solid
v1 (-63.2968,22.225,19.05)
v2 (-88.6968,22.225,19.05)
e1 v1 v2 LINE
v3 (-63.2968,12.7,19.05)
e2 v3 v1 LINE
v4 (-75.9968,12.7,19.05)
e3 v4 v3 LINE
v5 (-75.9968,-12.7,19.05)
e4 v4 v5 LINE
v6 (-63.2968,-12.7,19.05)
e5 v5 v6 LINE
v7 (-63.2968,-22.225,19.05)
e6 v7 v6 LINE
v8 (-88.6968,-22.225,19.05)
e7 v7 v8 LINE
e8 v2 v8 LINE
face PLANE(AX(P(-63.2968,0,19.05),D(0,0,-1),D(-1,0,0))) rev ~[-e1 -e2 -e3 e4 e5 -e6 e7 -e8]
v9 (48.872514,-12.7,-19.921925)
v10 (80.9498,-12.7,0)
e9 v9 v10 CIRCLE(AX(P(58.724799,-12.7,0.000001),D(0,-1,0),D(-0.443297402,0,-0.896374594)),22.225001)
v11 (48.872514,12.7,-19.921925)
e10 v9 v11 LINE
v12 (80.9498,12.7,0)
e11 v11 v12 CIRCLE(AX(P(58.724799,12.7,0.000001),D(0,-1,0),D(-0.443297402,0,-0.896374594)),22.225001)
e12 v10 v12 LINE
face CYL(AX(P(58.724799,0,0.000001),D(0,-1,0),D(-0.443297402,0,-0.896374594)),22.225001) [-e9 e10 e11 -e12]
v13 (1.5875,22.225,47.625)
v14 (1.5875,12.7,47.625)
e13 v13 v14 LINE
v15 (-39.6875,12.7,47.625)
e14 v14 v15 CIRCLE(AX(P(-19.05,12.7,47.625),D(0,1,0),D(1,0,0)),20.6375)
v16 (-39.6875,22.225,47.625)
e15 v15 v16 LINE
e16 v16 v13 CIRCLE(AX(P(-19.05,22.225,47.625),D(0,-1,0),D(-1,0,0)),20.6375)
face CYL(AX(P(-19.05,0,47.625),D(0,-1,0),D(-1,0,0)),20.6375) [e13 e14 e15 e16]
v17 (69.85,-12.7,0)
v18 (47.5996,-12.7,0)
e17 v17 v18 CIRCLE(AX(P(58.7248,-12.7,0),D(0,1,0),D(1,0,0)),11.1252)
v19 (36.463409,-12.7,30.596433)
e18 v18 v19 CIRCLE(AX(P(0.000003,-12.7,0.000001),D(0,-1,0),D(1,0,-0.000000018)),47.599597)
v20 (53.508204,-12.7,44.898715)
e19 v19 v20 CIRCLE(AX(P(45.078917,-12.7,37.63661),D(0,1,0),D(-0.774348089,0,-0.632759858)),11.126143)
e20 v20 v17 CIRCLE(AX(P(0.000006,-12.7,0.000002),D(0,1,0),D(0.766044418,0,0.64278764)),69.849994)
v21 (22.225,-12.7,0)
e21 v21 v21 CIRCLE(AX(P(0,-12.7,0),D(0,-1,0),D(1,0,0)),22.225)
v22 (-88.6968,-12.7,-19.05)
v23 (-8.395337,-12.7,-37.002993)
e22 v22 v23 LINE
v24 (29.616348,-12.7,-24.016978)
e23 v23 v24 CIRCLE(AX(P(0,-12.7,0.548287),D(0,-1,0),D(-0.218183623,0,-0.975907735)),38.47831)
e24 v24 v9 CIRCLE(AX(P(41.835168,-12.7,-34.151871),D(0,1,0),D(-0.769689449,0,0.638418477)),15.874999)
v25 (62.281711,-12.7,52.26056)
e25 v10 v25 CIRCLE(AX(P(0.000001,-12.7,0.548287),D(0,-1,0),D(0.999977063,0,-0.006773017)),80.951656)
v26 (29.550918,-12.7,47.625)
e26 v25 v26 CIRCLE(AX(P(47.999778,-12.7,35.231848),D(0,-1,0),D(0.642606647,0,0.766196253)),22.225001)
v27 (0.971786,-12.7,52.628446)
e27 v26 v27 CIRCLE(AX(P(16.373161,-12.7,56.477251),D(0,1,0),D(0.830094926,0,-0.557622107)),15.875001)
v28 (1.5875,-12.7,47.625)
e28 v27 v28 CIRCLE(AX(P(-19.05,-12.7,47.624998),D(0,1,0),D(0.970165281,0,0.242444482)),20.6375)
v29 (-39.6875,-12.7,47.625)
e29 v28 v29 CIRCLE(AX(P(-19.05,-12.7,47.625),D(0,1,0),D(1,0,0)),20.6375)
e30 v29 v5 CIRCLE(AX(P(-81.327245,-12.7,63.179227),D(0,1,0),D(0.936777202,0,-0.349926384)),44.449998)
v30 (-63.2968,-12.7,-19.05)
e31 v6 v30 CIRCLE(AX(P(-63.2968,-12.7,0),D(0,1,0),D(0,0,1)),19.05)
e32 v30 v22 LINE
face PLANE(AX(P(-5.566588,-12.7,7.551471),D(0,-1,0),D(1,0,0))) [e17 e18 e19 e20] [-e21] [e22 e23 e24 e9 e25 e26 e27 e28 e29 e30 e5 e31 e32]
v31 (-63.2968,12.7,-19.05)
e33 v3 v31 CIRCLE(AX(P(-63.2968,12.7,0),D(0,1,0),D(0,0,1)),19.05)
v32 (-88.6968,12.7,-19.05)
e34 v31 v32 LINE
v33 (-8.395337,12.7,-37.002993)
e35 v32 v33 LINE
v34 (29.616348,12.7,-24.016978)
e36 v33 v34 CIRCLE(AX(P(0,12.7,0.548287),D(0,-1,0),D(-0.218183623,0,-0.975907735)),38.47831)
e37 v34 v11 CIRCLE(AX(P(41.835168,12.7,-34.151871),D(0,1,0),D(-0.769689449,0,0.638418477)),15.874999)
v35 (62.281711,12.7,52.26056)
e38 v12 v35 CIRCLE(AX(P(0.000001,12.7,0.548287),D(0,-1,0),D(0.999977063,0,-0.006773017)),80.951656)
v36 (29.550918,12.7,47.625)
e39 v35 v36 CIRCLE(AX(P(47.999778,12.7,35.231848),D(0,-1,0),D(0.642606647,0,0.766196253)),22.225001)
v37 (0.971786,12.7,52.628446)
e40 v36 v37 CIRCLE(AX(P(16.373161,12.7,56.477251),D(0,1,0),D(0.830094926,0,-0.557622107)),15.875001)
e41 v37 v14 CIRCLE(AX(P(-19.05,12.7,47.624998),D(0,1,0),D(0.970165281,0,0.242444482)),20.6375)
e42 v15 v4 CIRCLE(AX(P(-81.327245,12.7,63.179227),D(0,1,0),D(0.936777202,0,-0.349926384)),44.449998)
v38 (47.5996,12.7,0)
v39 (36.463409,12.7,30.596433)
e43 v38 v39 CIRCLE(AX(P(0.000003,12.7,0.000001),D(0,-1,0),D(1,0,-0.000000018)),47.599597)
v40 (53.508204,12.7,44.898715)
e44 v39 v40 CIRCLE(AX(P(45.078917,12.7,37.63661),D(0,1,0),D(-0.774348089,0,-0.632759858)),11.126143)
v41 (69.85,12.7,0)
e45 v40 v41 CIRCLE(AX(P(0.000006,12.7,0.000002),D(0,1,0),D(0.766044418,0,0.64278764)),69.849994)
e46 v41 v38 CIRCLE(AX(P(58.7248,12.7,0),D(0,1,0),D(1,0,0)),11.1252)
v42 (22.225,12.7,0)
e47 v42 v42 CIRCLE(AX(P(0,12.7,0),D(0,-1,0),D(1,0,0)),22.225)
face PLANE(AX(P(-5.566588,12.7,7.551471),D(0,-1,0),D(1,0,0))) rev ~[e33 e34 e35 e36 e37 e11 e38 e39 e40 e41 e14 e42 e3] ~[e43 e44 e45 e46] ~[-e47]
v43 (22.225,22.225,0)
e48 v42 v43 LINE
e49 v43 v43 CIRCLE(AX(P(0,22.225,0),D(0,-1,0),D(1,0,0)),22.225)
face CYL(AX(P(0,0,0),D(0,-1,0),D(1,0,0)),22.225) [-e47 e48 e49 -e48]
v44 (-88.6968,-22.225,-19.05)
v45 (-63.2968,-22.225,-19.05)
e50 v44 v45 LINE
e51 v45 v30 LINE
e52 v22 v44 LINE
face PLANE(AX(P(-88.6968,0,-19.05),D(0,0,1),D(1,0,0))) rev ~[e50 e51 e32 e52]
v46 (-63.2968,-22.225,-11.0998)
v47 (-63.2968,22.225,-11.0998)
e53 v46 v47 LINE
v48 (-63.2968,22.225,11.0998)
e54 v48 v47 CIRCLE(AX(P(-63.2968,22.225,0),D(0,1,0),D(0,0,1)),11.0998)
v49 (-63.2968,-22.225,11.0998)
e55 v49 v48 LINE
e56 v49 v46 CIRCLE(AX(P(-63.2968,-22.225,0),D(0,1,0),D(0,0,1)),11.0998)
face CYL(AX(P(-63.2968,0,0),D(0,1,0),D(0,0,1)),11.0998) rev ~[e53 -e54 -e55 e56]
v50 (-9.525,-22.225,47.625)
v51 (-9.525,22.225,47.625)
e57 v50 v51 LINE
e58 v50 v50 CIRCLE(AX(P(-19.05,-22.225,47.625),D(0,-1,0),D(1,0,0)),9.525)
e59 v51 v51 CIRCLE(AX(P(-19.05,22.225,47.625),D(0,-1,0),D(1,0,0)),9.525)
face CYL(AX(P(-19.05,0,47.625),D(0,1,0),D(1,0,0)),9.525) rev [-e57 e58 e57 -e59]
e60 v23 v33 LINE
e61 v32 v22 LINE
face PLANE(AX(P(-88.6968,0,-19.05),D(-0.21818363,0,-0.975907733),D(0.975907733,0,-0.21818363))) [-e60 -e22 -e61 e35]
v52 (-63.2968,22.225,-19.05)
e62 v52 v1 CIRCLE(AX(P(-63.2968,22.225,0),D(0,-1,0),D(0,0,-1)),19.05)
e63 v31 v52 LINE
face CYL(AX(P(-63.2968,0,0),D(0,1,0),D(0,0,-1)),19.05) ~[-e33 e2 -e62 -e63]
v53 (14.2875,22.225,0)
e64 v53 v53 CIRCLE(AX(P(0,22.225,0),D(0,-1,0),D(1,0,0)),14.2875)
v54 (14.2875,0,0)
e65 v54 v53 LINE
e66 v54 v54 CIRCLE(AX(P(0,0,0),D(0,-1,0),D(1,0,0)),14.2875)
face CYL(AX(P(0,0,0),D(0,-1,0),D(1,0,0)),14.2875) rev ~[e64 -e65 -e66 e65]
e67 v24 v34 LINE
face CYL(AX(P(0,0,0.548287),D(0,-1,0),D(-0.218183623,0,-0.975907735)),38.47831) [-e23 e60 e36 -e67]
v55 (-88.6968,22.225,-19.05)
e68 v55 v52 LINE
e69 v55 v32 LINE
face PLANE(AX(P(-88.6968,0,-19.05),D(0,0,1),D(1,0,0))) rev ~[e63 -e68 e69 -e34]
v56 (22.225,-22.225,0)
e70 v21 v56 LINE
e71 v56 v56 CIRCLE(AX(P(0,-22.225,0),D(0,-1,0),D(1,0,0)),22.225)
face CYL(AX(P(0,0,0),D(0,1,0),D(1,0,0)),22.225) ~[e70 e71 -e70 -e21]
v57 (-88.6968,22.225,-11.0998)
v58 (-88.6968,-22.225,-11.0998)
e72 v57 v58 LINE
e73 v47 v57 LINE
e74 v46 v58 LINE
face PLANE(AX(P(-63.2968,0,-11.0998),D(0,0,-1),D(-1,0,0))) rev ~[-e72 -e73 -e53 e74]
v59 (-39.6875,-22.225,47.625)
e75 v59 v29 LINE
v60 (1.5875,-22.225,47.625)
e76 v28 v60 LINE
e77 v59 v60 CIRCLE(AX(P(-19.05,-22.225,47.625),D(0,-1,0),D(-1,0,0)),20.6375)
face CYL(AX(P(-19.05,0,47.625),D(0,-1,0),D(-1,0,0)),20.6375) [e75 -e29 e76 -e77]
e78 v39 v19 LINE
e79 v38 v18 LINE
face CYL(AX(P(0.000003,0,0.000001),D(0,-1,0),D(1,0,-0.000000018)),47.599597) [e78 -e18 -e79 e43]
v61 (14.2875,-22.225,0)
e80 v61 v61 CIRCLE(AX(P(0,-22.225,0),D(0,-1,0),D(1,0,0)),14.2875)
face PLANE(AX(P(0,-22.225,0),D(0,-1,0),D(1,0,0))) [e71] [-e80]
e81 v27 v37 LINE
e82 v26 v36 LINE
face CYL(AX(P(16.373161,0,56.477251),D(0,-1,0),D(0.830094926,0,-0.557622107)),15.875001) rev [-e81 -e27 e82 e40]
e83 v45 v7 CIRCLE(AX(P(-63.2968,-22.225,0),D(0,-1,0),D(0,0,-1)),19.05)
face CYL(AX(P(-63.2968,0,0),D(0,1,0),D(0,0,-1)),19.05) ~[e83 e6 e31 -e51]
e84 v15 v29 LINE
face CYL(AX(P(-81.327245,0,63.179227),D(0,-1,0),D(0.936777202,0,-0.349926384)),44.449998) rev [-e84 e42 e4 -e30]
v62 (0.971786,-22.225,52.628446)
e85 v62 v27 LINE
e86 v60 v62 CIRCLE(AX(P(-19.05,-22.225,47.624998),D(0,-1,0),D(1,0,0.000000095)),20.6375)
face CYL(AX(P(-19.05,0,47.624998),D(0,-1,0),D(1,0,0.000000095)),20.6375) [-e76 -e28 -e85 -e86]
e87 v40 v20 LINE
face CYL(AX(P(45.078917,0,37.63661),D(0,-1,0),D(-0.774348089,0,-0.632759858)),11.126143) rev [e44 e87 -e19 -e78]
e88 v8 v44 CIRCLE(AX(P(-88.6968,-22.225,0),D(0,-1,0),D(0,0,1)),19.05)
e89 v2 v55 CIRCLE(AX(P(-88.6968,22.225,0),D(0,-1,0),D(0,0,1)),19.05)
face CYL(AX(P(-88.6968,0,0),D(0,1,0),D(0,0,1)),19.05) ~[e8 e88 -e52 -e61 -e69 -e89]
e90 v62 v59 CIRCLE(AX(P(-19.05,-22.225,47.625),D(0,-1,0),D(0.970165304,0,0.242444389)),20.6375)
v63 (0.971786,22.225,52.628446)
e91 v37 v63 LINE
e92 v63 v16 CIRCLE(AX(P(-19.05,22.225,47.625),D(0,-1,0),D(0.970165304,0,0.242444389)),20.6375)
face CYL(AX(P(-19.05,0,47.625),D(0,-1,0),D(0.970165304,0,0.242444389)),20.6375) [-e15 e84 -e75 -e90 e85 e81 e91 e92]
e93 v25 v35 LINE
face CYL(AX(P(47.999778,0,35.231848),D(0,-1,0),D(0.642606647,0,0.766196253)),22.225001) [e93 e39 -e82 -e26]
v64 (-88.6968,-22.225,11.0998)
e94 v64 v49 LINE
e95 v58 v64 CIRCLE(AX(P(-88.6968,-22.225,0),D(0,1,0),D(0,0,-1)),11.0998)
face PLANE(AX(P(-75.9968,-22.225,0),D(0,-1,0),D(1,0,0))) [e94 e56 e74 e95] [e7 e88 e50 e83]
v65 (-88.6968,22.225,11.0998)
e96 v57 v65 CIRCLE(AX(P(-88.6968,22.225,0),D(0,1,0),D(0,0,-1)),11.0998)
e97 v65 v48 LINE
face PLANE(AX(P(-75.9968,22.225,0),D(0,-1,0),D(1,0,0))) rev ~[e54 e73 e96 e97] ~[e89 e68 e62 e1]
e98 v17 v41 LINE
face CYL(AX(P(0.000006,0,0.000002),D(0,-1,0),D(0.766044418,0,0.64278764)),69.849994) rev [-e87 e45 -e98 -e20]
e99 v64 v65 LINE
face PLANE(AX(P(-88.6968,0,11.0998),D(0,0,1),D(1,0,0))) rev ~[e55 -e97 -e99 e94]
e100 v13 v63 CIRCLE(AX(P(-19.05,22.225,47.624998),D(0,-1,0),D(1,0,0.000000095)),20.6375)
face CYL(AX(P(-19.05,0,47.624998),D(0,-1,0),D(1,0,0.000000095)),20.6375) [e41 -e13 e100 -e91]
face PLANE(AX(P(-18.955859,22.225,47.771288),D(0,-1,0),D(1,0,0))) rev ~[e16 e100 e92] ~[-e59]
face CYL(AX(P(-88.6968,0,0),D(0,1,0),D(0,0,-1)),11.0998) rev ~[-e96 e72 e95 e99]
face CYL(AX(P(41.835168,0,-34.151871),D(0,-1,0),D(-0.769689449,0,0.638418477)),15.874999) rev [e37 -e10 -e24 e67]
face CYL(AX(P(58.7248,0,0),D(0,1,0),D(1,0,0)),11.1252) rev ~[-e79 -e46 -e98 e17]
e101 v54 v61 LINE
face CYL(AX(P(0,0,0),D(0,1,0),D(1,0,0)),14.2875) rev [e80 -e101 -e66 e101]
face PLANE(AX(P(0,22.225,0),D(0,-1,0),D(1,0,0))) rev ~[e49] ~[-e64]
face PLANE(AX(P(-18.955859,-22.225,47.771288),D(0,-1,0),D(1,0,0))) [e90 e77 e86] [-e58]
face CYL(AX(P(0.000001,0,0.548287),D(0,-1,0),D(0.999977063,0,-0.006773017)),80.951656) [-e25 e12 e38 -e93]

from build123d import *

# Parameters (mm, degrees)
F0_R     = 22.225
F1_DEPTH = 12.7
F0_R_2   = 14.2875
F0_R_3   = 9.525
F2_DEPTH = 22.225


with BuildPart() as f1:
    # F0 (on Front) → F1 (new body, symmetric)
    with BuildSketch(Plane.XZ):
        with BuildLine():
            ThreePointArc((0.971786, 52.628446), (1.432993, 50.145594), (1.5875, 47.625))
            ThreePointArc((1.5875, 47.625), (-19.05, 26.9875), (-39.6875, 47.625))
            ThreePointArc((-39.6875, 47.625), (-53.837568, 28.249011), (-75.9968, 19.05))
            Line((-75.9968, 19.05), (-63.2968, 19.05))
            ThreePointArc((-63.2968, 19.05), (-44.2468, 0), (-63.2968, -19.05))
            Line((-63.2968, -19.05), (-88.6968, -19.05))
            Line((-88.6968, -19.05), (-8.395337, -37.002993))
            ThreePointArc((-8.395337, -37.002993), (12.439533, -35.863776), (29.616348, -24.016978))
            ThreePointArc((29.616348, -24.016978), (38.533005, -18.624111), (48.872514, -19.921925))
            ThreePointArc((48.872514, -19.921925), (70.450489, -18.880117), (80.9498, 0))
            ThreePointArc((80.9498, 0), (76.233903, 27.779937), (62.281711, 52.26056))
            ThreePointArc((62.281711, 52.26056), (44.883221, 57.23725), (29.550918, 47.625))
            ThreePointArc((29.550918, 47.625), (13.635509, 40.840087), (0.971786, 52.628446))
        make_face()
        Circle(F0_R, mode=Mode.SUBTRACT)
        with BuildLine():
            ThreePointArc((69.85, 0), (58.7248, -11.1252), (47.5996, 0))
            ThreePointArc((47.5996, 0), (44.728993, 16.280022), (36.463409, 30.596433))
            ThreePointArc((36.463409, 30.596433), (37.92717, 46.15973), (53.508204, 44.898715))
            ThreePointArc((53.508204, 44.898715), (65.63753, 23.890107), (69.85, 0))
        make_face(mode=Mode.SUBTRACT)
    extrude(amount=F1_DEPTH, both=True)

    # F0 (on Front) → F2 (join, symmetric)
    with BuildSketch(Plane.XZ):
        Circle(F0_R)
        Circle(F0_R_2, mode=Mode.SUBTRACT)
        with BuildLine():
            Line((-63.2968, 19.05), (-75.9968, 19.05))
            Line((-75.9968, 19.05), (-88.6968, 19.05))
            ThreePointArc((-88.6968, 19.05), (-107.7468, 0), (-88.6968, -19.05))
            Line((-88.6968, -19.05), (-63.2968, -19.05))
            ThreePointArc((-63.2968, -19.05), (-44.2468, 0), (-63.2968, 19.05))
        make_face()
        with BuildLine():
            ThreePointArc((-88.6968, -11.0998), (-99.7966, 0), (-88.6968, 11.0998))
            Line((-88.6968, 11.0998), (-63.2968, 11.0998))
            ThreePointArc((-63.2968, 11.0998), (-52.197, 0), (-63.2968, -11.0998))
            Line((-63.2968, -11.0998), (-88.6968, -11.0998))
        make_face(mode=Mode.SUBTRACT)
        with BuildLine():
            ThreePointArc((-39.6875, 47.625), (-19.05, 26.9875), (1.5875, 47.625))
            ThreePointArc((1.5875, 47.625), (1.432993, 50.145594), (0.971786, 52.628446))
            ThreePointArc((0.971786, 52.628446), (-21.570594, 68.107993), (-39.6875, 47.625))
        make_face()
        with Locations((-19.05, 47.625)):
            Circle(F0_R_3, mode=Mode.SUBTRACT)
    extrude(amount=F2_DEPTH, both=True)


solid = f1.part
